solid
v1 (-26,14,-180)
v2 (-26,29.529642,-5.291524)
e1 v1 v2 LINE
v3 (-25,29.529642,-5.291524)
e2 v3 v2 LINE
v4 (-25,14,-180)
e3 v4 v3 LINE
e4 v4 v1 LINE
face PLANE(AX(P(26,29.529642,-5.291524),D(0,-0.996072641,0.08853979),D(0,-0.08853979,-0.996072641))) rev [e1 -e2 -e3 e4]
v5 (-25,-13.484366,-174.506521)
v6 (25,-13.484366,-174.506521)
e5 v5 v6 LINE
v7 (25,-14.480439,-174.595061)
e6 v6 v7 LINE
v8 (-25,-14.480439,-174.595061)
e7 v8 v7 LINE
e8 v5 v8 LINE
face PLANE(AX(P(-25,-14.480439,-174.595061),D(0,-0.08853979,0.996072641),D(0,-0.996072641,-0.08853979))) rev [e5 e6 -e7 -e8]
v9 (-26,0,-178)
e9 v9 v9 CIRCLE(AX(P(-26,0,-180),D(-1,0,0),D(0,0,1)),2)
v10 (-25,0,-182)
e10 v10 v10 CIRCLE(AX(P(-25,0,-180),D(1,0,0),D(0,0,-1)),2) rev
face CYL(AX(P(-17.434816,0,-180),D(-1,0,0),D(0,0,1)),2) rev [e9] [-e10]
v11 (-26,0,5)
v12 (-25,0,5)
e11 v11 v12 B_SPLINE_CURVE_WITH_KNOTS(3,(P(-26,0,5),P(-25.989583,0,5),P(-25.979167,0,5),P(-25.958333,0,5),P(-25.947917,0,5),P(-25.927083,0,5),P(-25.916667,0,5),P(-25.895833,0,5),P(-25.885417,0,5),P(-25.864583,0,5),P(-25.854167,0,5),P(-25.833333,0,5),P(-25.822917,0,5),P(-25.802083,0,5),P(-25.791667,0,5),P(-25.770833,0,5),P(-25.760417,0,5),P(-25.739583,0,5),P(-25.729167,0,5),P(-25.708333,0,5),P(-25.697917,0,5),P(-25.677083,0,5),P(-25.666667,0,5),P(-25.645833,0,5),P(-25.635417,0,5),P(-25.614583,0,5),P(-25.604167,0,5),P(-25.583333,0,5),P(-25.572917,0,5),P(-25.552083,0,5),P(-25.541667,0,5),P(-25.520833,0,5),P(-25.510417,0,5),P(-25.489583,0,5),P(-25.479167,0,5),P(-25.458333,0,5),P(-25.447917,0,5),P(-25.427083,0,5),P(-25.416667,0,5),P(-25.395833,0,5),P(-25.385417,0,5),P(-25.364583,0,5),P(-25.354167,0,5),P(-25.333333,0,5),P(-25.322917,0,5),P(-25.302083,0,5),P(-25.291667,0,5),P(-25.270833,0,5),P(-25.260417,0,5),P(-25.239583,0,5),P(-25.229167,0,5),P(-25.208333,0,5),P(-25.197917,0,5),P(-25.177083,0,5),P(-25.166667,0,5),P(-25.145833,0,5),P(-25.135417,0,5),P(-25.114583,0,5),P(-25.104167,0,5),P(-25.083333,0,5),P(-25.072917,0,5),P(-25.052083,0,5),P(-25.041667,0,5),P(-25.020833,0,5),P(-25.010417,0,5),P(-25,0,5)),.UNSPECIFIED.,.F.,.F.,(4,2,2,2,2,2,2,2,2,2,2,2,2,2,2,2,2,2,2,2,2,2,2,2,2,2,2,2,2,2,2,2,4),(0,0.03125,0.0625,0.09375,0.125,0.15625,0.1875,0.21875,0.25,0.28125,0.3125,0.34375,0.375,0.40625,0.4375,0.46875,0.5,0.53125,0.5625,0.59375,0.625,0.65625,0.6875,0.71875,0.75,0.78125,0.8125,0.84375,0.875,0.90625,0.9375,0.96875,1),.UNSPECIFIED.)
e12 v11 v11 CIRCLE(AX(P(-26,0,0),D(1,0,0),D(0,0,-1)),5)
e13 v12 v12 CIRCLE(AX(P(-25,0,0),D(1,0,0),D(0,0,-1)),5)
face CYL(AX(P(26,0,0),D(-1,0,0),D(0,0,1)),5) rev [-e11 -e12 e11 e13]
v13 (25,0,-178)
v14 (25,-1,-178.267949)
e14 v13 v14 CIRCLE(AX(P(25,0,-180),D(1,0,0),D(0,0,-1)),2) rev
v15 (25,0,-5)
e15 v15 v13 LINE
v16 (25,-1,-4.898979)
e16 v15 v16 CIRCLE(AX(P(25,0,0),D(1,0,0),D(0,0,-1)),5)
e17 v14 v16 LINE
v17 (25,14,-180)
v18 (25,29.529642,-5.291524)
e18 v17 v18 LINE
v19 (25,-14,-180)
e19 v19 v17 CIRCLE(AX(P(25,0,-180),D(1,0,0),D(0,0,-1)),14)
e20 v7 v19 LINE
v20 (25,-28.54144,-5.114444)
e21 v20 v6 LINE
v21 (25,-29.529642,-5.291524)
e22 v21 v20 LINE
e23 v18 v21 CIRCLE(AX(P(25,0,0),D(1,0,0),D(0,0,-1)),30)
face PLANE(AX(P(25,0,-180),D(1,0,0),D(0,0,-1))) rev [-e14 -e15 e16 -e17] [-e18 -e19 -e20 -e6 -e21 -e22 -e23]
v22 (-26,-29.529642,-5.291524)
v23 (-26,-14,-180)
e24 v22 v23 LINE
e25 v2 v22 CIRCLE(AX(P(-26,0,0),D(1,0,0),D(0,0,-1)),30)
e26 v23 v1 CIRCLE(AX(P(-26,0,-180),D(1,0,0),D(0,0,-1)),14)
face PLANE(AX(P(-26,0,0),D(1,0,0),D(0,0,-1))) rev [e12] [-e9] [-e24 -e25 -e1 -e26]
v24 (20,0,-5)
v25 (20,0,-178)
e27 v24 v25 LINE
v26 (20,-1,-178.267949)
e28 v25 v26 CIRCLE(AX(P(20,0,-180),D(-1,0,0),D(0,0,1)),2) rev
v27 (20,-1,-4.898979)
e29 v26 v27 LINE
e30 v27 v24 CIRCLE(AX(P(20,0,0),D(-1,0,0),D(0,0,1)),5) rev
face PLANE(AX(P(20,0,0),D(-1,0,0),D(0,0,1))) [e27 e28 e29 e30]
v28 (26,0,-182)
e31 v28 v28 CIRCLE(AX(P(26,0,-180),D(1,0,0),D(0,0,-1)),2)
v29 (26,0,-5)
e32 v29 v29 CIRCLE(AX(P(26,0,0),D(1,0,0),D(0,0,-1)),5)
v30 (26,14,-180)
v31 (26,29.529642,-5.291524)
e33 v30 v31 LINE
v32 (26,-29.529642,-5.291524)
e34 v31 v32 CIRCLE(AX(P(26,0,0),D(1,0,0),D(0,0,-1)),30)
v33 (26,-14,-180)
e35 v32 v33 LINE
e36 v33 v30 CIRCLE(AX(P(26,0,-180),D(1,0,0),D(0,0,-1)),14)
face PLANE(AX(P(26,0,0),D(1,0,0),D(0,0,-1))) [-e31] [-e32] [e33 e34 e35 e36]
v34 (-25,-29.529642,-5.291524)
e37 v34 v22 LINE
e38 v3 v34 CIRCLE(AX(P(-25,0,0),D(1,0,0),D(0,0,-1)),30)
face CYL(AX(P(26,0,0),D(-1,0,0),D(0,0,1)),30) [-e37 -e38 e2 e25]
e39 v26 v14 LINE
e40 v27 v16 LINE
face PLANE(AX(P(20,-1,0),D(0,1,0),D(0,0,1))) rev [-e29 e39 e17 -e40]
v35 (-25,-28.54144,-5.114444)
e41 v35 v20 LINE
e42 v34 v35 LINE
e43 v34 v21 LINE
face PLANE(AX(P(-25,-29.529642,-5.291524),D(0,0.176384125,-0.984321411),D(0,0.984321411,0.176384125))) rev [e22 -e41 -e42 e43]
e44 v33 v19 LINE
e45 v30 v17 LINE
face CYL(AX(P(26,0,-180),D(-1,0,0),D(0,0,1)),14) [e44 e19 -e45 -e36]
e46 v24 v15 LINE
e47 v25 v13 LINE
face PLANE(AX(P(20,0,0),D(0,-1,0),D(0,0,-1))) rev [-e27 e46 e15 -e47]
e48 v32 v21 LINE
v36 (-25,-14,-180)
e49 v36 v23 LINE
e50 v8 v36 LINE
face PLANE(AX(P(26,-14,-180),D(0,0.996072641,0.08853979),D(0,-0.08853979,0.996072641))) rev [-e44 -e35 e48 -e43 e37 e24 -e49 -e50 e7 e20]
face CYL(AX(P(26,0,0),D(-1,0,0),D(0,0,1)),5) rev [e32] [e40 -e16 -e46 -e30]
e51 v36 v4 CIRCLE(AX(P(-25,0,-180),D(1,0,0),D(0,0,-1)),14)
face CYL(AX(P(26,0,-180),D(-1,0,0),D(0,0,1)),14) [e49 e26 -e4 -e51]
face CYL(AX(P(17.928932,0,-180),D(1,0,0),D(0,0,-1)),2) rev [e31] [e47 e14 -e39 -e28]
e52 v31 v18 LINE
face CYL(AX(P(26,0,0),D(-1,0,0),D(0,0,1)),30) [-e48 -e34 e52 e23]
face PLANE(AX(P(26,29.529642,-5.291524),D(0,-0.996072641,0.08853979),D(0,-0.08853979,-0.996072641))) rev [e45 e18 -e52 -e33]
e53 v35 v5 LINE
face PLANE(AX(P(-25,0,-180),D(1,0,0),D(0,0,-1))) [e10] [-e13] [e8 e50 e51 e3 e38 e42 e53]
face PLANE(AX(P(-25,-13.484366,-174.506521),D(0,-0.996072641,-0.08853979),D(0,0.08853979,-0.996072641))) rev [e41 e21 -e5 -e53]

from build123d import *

# Parameters (mm, degrees)
SKETCH1_R           = 5
SKETCH1_R_2         = 2.5
BOSS_EXTRUDE1_DEPTH = 26
CUT_EXTRUDE1_DEPTH  = 25
SKETCH5_R           = 2.67469655
SKETCH5_R_2         = 2
BOSS_EXTRUDE2_DEPTH = 1
BOSS_EXTRUDE3_START = -1
SKETCH6_R           = 2.5
SKETCH6_R_2         = 2
BOSS_EXTRUDE3_DEPTH = 1
BOSS_EXTRUDE4_START = 5
BOSS_EXTRUDE4_DEPTH = 5


with BuildPart() as part:
    # Sketch1 → Boss-Extrude1 (new, symmetric)
    with BuildSketch(Plane(origin=(0, 0, 0), x_dir=(0, 0, -1), z_dir=(1, 0, 0))):
        with BuildLine():
            Line((5.291523763, 29.529642332), (180, 14))
            ThreePointArc((180, 14), (194, 0), (180, -14))
            Line((180, -14), (5.291523763, -29.529642332))
            ThreePointArc((5.291523763, -29.529642332), (-30, 0), (5.291523763, 29.529642332))
        make_face()
        with Locations(Location((0, 0, 0), (0, 0, 180))):
            Circle(SKETCH1_R, mode=Mode.SUBTRACT)
        with Locations(Location((180, 0, 0), (0, 0, 180))):
            Circle(SKETCH1_R_2, mode=Mode.SUBTRACT)
    extrude(amount=BOSS_EXTRUDE1_DEPTH, both=True)

    # Sketch2 → Cut-Extrude1 (cut, symmetric)
    with BuildSketch(Plane(origin=(0, 0, 0), x_dir=(0, 0, -1), z_dir=(1, 0, 0))):
        with BuildLine():
            Line((5.291523763, -29.529642332), (5.114444182, -28.541439895))
            Line((5.114444182, -28.541439895), (174.506520913, -13.484366408))
            Line((174.506520913, -13.484366408), (174.595060704, -14.480439049))
            Line((174.595060704, -14.480439049), (180, -14))
            ThreePointArc((180, -14), (194, 0), (180, 14))
            Line((180, 14), (5.291523763, 29.529642332))
            ThreePointArc((5.291523763, 29.529642332), (-30, 0), (5.291523763, -29.529642332))
        make_face()
    extrude(amount=CUT_EXTRUDE1_DEPTH, both=True, mode=Mode.SUBTRACT)

    # Sketch5 → Boss-Extrude2 (add)
    with BuildSketch(Plane.ZY.offset(26)):
        with Locations((-180, 0)):
            Circle(SKETCH5_R)
        with Locations((-180, 0)):
            Circle(SKETCH5_R_2, mode=Mode.SUBTRACT)
    extrude(amount=-BOSS_EXTRUDE2_DEPTH)

    # Sketch6 → Boss-Extrude3 (add)
    with BuildSketch(Plane(origin=(26, 0, 0), x_dir=(0, 0, -1), z_dir=(1, 0, 0)).offset(BOSS_EXTRUDE3_START)):
        with Locations((180, 0)):
            Circle(SKETCH6_R)
        with Locations(Location((180, 0, 0), (0, 0, 180))):
            Circle(SKETCH6_R_2, mode=Mode.SUBTRACT)
    extrude(amount=BOSS_EXTRUDE3_DEPTH)

    # Sketch7 → Boss-Extrude4 (add)
    with BuildSketch(Plane.ZY.offset(-25).offset(BOSS_EXTRUDE4_START)):
        with BuildLine():
            Line((-5, 0), (-178, 0))
            ThreePointArc((-178, 0), (-178.068148347, -0.51763809), (-178.267949192, -1))
            Line((-178.267949192, -1), (-4.898979486, -1))
            ThreePointArc((-4.898979486, -1), (-4.974680765, -0.50254481), (-5, 0))
        make_face()
    extrude(amount=-BOSS_EXTRUDE4_DEPTH)


solid = part.part
